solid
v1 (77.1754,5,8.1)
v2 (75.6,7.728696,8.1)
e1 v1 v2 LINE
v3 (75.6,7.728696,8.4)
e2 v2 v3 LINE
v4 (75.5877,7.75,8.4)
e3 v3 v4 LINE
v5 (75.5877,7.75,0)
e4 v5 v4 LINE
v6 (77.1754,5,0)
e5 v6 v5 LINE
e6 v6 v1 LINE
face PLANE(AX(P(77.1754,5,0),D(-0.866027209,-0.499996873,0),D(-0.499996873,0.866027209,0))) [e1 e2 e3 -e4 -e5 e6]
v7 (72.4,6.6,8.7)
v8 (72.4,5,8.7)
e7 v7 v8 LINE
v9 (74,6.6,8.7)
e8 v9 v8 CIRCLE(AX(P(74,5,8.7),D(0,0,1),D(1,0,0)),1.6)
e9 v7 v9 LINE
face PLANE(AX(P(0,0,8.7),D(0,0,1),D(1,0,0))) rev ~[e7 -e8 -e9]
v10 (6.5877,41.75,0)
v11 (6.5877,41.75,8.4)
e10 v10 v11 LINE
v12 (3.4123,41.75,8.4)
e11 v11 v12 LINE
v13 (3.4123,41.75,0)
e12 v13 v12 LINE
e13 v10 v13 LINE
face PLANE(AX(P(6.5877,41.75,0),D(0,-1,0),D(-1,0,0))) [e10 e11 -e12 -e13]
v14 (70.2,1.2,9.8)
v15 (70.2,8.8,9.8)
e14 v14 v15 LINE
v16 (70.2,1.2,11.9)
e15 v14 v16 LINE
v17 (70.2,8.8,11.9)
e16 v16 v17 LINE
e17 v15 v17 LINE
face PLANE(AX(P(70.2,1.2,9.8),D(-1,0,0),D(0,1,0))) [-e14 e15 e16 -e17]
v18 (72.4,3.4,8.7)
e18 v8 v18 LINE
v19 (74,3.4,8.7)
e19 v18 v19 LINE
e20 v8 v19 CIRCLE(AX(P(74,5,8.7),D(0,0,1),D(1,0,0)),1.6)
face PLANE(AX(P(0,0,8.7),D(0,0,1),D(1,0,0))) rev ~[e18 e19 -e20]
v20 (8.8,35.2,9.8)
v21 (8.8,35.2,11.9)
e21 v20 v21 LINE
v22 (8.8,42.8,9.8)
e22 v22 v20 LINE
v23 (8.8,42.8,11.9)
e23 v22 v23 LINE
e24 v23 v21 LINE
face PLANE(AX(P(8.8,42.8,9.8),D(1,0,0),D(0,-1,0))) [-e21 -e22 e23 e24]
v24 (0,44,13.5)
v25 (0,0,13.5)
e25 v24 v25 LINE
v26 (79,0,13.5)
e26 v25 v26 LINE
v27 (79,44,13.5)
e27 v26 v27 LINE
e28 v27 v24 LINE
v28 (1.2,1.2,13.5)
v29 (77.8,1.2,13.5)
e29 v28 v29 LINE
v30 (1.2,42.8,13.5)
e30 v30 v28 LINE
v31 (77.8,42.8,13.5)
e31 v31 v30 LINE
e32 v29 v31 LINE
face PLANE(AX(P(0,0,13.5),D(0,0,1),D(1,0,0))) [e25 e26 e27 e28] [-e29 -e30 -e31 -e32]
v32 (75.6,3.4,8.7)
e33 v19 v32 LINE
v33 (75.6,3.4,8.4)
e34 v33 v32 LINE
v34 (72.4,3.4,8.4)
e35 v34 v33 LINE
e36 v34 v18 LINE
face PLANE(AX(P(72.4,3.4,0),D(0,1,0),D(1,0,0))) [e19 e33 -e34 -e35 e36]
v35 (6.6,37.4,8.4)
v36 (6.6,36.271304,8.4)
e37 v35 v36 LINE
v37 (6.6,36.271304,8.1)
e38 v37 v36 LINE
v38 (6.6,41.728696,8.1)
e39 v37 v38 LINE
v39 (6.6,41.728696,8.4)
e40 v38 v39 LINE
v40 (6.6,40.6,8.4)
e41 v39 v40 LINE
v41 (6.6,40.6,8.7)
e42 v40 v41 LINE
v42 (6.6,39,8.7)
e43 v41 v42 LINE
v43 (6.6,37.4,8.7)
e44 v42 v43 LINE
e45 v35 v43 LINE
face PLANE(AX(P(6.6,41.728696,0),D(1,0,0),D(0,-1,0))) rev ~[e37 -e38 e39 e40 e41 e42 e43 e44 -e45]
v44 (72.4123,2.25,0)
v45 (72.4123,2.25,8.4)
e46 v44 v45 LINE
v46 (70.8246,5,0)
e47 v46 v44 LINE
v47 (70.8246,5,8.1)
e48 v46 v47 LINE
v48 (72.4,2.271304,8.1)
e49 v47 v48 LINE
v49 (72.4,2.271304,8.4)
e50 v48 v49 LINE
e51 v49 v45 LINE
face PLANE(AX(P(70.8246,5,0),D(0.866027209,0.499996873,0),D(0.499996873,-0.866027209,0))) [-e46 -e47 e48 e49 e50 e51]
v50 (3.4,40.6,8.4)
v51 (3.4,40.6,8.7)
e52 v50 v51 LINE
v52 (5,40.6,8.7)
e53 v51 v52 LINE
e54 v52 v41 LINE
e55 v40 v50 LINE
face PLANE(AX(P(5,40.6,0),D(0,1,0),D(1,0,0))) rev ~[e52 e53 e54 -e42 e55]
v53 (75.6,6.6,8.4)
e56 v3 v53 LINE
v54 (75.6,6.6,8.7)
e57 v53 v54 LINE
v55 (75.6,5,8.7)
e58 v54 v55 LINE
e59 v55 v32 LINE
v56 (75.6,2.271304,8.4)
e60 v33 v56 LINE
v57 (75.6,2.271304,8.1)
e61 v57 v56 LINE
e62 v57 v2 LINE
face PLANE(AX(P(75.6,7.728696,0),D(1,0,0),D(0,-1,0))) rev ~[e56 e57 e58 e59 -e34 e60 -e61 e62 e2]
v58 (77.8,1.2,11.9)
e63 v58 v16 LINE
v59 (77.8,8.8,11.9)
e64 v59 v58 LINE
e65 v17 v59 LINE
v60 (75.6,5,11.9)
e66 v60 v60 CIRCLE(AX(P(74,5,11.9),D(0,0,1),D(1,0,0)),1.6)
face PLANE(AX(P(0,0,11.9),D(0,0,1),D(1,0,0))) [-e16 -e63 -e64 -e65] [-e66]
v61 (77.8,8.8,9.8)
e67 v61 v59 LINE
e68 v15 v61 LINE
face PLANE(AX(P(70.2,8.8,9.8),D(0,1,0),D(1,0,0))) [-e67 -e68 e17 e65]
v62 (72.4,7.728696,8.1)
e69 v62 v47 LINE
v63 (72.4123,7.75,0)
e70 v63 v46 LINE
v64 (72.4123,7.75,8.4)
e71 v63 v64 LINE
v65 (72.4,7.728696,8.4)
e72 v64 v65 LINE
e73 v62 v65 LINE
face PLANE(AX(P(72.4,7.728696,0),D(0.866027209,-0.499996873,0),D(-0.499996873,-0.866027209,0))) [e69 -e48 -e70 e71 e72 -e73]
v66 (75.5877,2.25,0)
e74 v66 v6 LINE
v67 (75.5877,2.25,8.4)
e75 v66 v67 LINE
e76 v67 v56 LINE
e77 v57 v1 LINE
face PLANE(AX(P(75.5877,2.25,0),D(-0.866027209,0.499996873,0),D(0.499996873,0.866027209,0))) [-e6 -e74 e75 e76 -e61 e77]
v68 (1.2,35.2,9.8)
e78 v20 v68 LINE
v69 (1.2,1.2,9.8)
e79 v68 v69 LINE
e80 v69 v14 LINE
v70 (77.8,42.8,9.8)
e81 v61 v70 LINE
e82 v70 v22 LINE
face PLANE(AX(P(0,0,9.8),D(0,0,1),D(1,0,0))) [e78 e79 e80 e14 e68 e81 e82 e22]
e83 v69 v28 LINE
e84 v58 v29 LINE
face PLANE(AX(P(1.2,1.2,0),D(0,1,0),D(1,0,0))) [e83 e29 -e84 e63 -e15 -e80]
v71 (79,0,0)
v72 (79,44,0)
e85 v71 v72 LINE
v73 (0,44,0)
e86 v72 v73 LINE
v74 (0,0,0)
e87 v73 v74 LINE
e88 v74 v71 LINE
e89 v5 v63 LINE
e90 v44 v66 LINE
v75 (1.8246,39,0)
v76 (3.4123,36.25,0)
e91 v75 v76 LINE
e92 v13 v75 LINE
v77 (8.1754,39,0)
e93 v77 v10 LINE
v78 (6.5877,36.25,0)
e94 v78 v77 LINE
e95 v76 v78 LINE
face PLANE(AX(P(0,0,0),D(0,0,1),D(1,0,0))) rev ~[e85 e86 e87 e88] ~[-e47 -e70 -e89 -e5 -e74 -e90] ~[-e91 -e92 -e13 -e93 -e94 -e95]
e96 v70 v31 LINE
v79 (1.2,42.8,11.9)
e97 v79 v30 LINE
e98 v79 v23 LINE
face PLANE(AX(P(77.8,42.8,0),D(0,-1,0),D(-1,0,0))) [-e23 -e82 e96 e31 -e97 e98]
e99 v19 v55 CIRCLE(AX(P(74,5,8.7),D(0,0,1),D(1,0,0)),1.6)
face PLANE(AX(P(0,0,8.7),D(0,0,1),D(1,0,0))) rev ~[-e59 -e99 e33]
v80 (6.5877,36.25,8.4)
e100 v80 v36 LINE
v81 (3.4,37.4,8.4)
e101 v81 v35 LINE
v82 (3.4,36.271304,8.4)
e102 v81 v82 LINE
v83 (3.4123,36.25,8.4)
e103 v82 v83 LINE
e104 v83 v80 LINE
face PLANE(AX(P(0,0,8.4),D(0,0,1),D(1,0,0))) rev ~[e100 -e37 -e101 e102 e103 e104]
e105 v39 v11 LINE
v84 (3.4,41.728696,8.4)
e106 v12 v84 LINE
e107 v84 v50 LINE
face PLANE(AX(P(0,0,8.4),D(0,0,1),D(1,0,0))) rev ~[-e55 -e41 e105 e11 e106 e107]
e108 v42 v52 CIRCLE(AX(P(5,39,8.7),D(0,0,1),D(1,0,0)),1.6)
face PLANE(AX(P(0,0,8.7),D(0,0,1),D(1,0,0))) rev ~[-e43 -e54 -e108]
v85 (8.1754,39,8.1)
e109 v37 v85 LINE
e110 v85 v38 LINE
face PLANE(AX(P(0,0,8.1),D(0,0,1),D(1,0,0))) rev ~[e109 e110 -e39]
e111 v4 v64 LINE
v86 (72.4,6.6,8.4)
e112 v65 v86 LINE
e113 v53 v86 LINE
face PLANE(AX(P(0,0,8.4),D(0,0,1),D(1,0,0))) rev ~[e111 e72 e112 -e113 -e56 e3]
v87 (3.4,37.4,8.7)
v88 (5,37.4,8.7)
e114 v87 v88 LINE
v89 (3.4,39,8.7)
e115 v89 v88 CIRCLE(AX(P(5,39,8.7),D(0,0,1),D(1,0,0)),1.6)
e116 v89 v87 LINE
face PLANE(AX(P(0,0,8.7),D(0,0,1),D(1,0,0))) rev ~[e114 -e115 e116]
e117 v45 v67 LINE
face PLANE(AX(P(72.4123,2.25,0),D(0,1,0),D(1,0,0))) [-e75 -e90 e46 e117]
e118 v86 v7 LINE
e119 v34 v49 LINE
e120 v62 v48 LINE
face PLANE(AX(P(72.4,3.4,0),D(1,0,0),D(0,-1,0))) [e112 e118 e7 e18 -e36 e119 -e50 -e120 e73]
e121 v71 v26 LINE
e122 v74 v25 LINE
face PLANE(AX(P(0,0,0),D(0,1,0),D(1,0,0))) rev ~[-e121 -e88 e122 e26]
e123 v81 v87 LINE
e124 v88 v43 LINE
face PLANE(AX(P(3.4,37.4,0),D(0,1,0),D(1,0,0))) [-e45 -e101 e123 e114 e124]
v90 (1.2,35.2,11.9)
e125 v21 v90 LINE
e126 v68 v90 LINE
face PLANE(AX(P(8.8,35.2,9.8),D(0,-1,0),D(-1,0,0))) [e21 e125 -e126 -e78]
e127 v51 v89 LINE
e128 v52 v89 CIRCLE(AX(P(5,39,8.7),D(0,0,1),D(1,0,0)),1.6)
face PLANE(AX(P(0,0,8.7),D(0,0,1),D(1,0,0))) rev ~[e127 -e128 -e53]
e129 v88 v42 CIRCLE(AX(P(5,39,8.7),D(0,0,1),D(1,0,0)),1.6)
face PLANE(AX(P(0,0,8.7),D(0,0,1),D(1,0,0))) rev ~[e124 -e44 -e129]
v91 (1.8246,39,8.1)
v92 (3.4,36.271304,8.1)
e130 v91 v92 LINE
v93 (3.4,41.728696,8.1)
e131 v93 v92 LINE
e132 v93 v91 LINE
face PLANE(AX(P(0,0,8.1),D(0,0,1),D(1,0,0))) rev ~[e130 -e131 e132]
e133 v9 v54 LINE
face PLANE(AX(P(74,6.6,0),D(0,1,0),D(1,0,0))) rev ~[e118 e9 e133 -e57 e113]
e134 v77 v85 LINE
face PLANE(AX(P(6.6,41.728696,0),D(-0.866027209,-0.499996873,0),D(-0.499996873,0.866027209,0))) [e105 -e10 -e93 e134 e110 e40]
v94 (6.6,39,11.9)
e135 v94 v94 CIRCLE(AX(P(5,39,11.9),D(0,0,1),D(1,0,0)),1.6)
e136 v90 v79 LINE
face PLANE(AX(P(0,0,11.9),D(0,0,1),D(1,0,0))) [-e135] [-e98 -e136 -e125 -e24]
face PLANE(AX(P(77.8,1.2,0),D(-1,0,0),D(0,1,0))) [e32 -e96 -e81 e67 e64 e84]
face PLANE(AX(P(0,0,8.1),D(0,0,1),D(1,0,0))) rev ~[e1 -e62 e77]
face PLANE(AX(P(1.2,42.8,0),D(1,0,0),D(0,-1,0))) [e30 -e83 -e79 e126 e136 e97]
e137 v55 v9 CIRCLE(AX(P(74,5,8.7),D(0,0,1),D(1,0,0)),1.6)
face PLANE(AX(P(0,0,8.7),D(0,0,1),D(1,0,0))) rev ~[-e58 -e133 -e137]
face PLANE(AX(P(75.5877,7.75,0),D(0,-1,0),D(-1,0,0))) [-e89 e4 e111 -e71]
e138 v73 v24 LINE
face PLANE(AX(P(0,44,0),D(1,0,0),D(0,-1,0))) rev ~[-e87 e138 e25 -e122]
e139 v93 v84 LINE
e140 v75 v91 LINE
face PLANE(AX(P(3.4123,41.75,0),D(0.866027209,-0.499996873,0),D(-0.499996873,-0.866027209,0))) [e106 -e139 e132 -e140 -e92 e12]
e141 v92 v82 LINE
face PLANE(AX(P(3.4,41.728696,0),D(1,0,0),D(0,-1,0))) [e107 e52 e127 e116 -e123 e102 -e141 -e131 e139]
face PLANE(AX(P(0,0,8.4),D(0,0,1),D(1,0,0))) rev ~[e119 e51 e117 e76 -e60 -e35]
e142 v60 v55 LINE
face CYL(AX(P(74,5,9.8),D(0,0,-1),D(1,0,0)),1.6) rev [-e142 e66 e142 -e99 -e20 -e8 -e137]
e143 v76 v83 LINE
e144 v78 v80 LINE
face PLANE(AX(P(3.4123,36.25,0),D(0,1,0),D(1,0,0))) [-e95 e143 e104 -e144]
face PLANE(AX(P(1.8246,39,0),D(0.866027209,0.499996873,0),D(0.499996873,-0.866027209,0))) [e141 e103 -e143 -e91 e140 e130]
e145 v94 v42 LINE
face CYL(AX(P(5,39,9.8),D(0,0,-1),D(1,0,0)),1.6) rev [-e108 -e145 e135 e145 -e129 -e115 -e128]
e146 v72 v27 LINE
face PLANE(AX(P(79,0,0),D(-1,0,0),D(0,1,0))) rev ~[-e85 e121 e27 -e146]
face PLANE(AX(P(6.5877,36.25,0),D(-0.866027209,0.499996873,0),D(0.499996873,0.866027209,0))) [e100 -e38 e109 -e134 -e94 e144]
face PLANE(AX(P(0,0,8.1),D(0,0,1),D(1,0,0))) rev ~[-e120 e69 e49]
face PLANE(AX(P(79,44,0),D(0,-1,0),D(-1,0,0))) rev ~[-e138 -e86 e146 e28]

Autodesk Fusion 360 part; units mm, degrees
sketch "Sketch2" plane through (0, 0, 0) normal (0, 0, 1) x (1, 0, 0)
  line L0 (0, 0) -> (79, 0)
  line L1 (79, 0) -> (79, 44)
  line L2 (79, 44) -> (0, 44)
  line L3 (0, 44) -> (0, 0)
  line L4 (1.2, 1.2) -> (77.8, 1.2)
  line L5 (77.8, 1.2) -> (77.8, 42.8)
  line L6 (77.8, 42.8) -> (1.2, 42.8)
  line L7 (1.2, 42.8) -> (1.2, 1.2)
  circle A0 centre (5, 39) radius 1.6
  line L8 (6.5877, 41.75) -> (3.4123, 41.75)
  line L9 (3.4123, 41.75) -> (1.8246, 39)
  line L10 (1.8246, 39) -> (3.4123, 36.25)
  line L11 (3.4123, 36.25) -> (6.5877, 36.25)
  line L12 (6.5877, 36.25) -> (8.1754, 39)
  line L13 (8.1754, 39) -> (6.5877, 41.75)
  line L14 (2, 2) -> (77, 2)
  line L15 (77, 2) -> (77, 42)
  line L16 (77, 42) -> (2, 42)
  line L17 (2, 42) -> (2, 2)
  line L18 (3.4, 41.75) -> (3.4, 36.25)
  line L19 (6.6, 41.75) -> (6.6, 36.25)
  line L20 (3.4, 40.6) -> (6.6, 40.6)
  line L21 (3.4, 37.4) -> (6.6, 37.4)
  circle A1 centre (74, 5) radius 1.6
  line L22 (75.5877, 7.75) -> (72.4123, 7.75)
  line L23 (72.4123, 7.75) -> (70.8246, 5)
  line L24 (70.8246, 5) -> (72.4123, 2.25)
  line L25 (72.4123, 2.25) -> (75.5877, 2.25)
  line L26 (75.5877, 2.25) -> (77.1754, 5)
  line L27 (77.1754, 5) -> (75.5877, 7.75)
  line L28 (72.4, 7.75) -> (72.4, 2.25)
  line L29 (75.6, 7.75) -> (75.6, 2.25)
  line L30 (71.7483, 6.6) -> (76.2517, 6.6)
  line L31 (71.7483, 3.4) -> (76.2517, 3.4)
  point P0 (5, 39)
  point P1 (74, 5)
  dimension "d48" = 44
  dimension "d49" = 79
  dimension "d50" = -1.2
  dimension "d55" = 3.2
  dimension "d56" = 3.8
  dimension "d57" = 3.8
  dimension "d58" = 2.75
  dimension "d59" = -2
  dimension "d60" = 3.2
  dimension "d61" = 3
  dimension "d62" = 3
  dimension "d63" = 2.75
extrude "Extrude10" add sketch "Sketch2" along normal blind 13.5 contours L0 L1 L2 L3
extrude "Extrude11" add sketch "Sketch2" along normal blind 9.8 contours L4 L5 L6 L7 | A0 | A0 L19 L21 | A0 L19 L20 | L12 L13 L19 | A0 L18 L20 | L8 L9 L13 L18 L19 L20 | A0 L18 L21 | L10 L11 L12 L18 L19 L21 | L9 L10 L17 L18 | L8 L9 L10 L11 L12 L13 L14 L15 L16 L17 L22 L23 L24 L25 L26 L27 | L9 L10 L17 | L15 L26 L27 | L15 L26 L27 L29 L30 L31 | L27 L29 L30 | L26 L29 L31 | L22 L23 L27 L28 L29 L30 | A1 L29 L30 | L24 L25 L26 L28 L29 L31 | A1 L29 L31 | A1 | A1 L28 L30 | A1 L28 L31 | L23 L24 L28 L30 L31 | L23 L28 L30 | L24 L28 L31
ref_plane "WorkPlane2" through (39.5, 22, 9.5) normal (0, 0, 1) x (1, 0, 0)
sketch "Sketch4" plane through (0, 0, 9.5) normal (0, 0, 1) x (1, 0, 0)
  line L0 (3.4, 41.75) -> (3.4, 36.25)
  line L1 (6.5877, 41.75) -> (3.4123, 41.75)
  line L2 (3.4, 40.6) -> (6.6, 40.6)
  line L3 (3.4123, 41.75) -> (1.8246, 39)
  line L4 (1.8246, 39) -> (3.4123, 36.25)
  circle A0 centre (5, 39) radius 1.6
  line L5 (3.4, 37.4) -> (6.6, 37.4)
  line L6 (3.4123, 36.25) -> (6.5877, 36.25)
  line L7 (6.6, 41.75) -> (6.6, 36.25)
  line L8 (8.1754, 39) -> (6.5877, 41.75)
  line L9 (6.5877, 36.25) -> (8.1754, 39)
  line L10 (75.5877, 7.75) -> (72.4123, 7.75)
  line L11 (72.4, 7.75) -> (72.4, 2.25)
  line L12 (71.7483, 6.6) -> (76.2517, 6.6)
  line L13 (72.4123, 7.75) -> (70.8246, 5)
  line L14 (70.8246, 5) -> (72.4123, 2.25)
  line L15 (71.7483, 3.4) -> (76.2517, 3.4)
  circle A1 centre (74, 5) radius 1.6
  line L16 (72.4123, 2.25) -> (75.5877, 2.25)
  line L17 (75.6, 7.75) -> (75.6, 2.25)
  line L18 (77.1754, 5) -> (75.5877, 7.75)
  line L19 (75.5877, 2.25) -> (77.1754, 5)
  line L20 (2, 42) -> (2, 2)
  line L21 (77, 42) -> (2, 42)
  line L22 (2, 2) -> (77, 2)
  line L23 (77, 2) -> (77, 42)
  line L24 (77.8, 42.8) -> (1.2, 42.8)
  line L25 (77.8, 1.2) -> (77.8, 42.8)
  line L26 (1.2, 1.2) -> (77.8, 1.2)
  line L27 (1.2, 42.8) -> (1.2, 1.2)
  line L28 (0, 0) -> (79, 0)
  line L29 (0, 44) -> (0, 0)
  line L30 (79, 0) -> (79, 44)
  line L31 (79, 44) -> (0, 44)
  line L32 (1.2, 42.8) -> (8.8, 42.8)
  line L33 (8.8, 42.8) -> (8.8, 35.2)
  line L34 (8.8, 35.2) -> (1.2, 35.2)
  line L35 (1.2, 35.2) -> (1.2, 42.8)
  line L36 (77.8, 1.2) -> (70.2, 1.2)
  line L37 (70.2, 1.2) -> (70.2, 8.8)
  line L38 (70.2, 8.8) -> (77.8, 8.8)
  line L39 (77.8, 8.8) -> (77.8, 1.2)
  dimension "d90" = 7.6
  dimension "d91" = 7.6
  dimension "d92" = 7.6
  dimension "d93" = 7.6
extrude "Extrude12" cut sketch "Sketch2" along normal blind 14 contours A0
extrude "Extrude13" cut sketch "Sketch2" along normal blind 8.7 contours A0 L19 L21 | A0 L19 L20 | A0 L18 L20 | A0 L18 L21
extrude "Extrude14" cut sketch "Sketch2" along normal blind 8.4 contours L8 L9 L13 L18 L19 L20 | L10 L11 L12 L18 L19 L21
extrude "Extrude15" cut sketch "Sketch2" along normal blind 8.1 contours L12 L13 L19 | L9 L10 L17 L18
extrude "Extrude16" cut sketch "Sketch2" along normal blind 8.1 contours L9 L10 L17
extrude "Extrude17" cut sketch "Sketch2" along normal blind 8.1 contours L15 L26 L27 | L15 L26 L27 L29 L30 L31 | L27 L29 L30 | L26 L29 L31 | L23 L24 L28 L30 L31 | L23 L28 L30 | L24 L28 L31
extrude "Extrude18" cut sketch "Sketch2" along normal blind 8.4 contours L22 L23 L27 L28 L29 L30 | L24 L25 L26 L28 L29 L31
extrude "Extrude19" cut sketch "Sketch2" along normal blind 8.7 contours A1 L29 L30 | A1 L29 L31 | A1 L28 L30 | A1 L28 L31
extrude "Extrude20" cut sketch "Sketch2" along normal blind 14 contours A1
ref_plane "WorkPlane3" through (39.5, 22, 9.8) normal (0, 0, 1) x (1, 0, 0)
sketch "Sketch5" plane through (0, 0, 9.8) normal (0, 0, 1) x (1, 0, 0)
  line L0 (70.2, 8.8) -> (77.8, 8.8)
  line L1 (70.2, 1.2) -> (70.2, 8.8)
  line L2 (77.8, 1.2) -> (70.2, 1.2)
  line L3 (77.8, 8.8) -> (77.8, 1.2)
  line L4 (8.8, 35.2) -> (1.2, 35.2)
  line L5 (8.8, 42.8) -> (8.8, 35.2)
  line L6 (1.2, 35.2) -> (1.2, 42.8)
  line L7 (1.2, 42.8) -> (8.8, 42.8)
  circle A0 centre (5, 39) radius 1.6
  circle A1 centre (74, 5) radius 1.6
extrude "Extrude22" add sketch "Sketch5" along normal blind 2.1 contours L4 L5 L6 L7
extrude "Extrude23" add sketch "Sketch5" along normal blind 2.1 contours L0 L1 L2 L3
